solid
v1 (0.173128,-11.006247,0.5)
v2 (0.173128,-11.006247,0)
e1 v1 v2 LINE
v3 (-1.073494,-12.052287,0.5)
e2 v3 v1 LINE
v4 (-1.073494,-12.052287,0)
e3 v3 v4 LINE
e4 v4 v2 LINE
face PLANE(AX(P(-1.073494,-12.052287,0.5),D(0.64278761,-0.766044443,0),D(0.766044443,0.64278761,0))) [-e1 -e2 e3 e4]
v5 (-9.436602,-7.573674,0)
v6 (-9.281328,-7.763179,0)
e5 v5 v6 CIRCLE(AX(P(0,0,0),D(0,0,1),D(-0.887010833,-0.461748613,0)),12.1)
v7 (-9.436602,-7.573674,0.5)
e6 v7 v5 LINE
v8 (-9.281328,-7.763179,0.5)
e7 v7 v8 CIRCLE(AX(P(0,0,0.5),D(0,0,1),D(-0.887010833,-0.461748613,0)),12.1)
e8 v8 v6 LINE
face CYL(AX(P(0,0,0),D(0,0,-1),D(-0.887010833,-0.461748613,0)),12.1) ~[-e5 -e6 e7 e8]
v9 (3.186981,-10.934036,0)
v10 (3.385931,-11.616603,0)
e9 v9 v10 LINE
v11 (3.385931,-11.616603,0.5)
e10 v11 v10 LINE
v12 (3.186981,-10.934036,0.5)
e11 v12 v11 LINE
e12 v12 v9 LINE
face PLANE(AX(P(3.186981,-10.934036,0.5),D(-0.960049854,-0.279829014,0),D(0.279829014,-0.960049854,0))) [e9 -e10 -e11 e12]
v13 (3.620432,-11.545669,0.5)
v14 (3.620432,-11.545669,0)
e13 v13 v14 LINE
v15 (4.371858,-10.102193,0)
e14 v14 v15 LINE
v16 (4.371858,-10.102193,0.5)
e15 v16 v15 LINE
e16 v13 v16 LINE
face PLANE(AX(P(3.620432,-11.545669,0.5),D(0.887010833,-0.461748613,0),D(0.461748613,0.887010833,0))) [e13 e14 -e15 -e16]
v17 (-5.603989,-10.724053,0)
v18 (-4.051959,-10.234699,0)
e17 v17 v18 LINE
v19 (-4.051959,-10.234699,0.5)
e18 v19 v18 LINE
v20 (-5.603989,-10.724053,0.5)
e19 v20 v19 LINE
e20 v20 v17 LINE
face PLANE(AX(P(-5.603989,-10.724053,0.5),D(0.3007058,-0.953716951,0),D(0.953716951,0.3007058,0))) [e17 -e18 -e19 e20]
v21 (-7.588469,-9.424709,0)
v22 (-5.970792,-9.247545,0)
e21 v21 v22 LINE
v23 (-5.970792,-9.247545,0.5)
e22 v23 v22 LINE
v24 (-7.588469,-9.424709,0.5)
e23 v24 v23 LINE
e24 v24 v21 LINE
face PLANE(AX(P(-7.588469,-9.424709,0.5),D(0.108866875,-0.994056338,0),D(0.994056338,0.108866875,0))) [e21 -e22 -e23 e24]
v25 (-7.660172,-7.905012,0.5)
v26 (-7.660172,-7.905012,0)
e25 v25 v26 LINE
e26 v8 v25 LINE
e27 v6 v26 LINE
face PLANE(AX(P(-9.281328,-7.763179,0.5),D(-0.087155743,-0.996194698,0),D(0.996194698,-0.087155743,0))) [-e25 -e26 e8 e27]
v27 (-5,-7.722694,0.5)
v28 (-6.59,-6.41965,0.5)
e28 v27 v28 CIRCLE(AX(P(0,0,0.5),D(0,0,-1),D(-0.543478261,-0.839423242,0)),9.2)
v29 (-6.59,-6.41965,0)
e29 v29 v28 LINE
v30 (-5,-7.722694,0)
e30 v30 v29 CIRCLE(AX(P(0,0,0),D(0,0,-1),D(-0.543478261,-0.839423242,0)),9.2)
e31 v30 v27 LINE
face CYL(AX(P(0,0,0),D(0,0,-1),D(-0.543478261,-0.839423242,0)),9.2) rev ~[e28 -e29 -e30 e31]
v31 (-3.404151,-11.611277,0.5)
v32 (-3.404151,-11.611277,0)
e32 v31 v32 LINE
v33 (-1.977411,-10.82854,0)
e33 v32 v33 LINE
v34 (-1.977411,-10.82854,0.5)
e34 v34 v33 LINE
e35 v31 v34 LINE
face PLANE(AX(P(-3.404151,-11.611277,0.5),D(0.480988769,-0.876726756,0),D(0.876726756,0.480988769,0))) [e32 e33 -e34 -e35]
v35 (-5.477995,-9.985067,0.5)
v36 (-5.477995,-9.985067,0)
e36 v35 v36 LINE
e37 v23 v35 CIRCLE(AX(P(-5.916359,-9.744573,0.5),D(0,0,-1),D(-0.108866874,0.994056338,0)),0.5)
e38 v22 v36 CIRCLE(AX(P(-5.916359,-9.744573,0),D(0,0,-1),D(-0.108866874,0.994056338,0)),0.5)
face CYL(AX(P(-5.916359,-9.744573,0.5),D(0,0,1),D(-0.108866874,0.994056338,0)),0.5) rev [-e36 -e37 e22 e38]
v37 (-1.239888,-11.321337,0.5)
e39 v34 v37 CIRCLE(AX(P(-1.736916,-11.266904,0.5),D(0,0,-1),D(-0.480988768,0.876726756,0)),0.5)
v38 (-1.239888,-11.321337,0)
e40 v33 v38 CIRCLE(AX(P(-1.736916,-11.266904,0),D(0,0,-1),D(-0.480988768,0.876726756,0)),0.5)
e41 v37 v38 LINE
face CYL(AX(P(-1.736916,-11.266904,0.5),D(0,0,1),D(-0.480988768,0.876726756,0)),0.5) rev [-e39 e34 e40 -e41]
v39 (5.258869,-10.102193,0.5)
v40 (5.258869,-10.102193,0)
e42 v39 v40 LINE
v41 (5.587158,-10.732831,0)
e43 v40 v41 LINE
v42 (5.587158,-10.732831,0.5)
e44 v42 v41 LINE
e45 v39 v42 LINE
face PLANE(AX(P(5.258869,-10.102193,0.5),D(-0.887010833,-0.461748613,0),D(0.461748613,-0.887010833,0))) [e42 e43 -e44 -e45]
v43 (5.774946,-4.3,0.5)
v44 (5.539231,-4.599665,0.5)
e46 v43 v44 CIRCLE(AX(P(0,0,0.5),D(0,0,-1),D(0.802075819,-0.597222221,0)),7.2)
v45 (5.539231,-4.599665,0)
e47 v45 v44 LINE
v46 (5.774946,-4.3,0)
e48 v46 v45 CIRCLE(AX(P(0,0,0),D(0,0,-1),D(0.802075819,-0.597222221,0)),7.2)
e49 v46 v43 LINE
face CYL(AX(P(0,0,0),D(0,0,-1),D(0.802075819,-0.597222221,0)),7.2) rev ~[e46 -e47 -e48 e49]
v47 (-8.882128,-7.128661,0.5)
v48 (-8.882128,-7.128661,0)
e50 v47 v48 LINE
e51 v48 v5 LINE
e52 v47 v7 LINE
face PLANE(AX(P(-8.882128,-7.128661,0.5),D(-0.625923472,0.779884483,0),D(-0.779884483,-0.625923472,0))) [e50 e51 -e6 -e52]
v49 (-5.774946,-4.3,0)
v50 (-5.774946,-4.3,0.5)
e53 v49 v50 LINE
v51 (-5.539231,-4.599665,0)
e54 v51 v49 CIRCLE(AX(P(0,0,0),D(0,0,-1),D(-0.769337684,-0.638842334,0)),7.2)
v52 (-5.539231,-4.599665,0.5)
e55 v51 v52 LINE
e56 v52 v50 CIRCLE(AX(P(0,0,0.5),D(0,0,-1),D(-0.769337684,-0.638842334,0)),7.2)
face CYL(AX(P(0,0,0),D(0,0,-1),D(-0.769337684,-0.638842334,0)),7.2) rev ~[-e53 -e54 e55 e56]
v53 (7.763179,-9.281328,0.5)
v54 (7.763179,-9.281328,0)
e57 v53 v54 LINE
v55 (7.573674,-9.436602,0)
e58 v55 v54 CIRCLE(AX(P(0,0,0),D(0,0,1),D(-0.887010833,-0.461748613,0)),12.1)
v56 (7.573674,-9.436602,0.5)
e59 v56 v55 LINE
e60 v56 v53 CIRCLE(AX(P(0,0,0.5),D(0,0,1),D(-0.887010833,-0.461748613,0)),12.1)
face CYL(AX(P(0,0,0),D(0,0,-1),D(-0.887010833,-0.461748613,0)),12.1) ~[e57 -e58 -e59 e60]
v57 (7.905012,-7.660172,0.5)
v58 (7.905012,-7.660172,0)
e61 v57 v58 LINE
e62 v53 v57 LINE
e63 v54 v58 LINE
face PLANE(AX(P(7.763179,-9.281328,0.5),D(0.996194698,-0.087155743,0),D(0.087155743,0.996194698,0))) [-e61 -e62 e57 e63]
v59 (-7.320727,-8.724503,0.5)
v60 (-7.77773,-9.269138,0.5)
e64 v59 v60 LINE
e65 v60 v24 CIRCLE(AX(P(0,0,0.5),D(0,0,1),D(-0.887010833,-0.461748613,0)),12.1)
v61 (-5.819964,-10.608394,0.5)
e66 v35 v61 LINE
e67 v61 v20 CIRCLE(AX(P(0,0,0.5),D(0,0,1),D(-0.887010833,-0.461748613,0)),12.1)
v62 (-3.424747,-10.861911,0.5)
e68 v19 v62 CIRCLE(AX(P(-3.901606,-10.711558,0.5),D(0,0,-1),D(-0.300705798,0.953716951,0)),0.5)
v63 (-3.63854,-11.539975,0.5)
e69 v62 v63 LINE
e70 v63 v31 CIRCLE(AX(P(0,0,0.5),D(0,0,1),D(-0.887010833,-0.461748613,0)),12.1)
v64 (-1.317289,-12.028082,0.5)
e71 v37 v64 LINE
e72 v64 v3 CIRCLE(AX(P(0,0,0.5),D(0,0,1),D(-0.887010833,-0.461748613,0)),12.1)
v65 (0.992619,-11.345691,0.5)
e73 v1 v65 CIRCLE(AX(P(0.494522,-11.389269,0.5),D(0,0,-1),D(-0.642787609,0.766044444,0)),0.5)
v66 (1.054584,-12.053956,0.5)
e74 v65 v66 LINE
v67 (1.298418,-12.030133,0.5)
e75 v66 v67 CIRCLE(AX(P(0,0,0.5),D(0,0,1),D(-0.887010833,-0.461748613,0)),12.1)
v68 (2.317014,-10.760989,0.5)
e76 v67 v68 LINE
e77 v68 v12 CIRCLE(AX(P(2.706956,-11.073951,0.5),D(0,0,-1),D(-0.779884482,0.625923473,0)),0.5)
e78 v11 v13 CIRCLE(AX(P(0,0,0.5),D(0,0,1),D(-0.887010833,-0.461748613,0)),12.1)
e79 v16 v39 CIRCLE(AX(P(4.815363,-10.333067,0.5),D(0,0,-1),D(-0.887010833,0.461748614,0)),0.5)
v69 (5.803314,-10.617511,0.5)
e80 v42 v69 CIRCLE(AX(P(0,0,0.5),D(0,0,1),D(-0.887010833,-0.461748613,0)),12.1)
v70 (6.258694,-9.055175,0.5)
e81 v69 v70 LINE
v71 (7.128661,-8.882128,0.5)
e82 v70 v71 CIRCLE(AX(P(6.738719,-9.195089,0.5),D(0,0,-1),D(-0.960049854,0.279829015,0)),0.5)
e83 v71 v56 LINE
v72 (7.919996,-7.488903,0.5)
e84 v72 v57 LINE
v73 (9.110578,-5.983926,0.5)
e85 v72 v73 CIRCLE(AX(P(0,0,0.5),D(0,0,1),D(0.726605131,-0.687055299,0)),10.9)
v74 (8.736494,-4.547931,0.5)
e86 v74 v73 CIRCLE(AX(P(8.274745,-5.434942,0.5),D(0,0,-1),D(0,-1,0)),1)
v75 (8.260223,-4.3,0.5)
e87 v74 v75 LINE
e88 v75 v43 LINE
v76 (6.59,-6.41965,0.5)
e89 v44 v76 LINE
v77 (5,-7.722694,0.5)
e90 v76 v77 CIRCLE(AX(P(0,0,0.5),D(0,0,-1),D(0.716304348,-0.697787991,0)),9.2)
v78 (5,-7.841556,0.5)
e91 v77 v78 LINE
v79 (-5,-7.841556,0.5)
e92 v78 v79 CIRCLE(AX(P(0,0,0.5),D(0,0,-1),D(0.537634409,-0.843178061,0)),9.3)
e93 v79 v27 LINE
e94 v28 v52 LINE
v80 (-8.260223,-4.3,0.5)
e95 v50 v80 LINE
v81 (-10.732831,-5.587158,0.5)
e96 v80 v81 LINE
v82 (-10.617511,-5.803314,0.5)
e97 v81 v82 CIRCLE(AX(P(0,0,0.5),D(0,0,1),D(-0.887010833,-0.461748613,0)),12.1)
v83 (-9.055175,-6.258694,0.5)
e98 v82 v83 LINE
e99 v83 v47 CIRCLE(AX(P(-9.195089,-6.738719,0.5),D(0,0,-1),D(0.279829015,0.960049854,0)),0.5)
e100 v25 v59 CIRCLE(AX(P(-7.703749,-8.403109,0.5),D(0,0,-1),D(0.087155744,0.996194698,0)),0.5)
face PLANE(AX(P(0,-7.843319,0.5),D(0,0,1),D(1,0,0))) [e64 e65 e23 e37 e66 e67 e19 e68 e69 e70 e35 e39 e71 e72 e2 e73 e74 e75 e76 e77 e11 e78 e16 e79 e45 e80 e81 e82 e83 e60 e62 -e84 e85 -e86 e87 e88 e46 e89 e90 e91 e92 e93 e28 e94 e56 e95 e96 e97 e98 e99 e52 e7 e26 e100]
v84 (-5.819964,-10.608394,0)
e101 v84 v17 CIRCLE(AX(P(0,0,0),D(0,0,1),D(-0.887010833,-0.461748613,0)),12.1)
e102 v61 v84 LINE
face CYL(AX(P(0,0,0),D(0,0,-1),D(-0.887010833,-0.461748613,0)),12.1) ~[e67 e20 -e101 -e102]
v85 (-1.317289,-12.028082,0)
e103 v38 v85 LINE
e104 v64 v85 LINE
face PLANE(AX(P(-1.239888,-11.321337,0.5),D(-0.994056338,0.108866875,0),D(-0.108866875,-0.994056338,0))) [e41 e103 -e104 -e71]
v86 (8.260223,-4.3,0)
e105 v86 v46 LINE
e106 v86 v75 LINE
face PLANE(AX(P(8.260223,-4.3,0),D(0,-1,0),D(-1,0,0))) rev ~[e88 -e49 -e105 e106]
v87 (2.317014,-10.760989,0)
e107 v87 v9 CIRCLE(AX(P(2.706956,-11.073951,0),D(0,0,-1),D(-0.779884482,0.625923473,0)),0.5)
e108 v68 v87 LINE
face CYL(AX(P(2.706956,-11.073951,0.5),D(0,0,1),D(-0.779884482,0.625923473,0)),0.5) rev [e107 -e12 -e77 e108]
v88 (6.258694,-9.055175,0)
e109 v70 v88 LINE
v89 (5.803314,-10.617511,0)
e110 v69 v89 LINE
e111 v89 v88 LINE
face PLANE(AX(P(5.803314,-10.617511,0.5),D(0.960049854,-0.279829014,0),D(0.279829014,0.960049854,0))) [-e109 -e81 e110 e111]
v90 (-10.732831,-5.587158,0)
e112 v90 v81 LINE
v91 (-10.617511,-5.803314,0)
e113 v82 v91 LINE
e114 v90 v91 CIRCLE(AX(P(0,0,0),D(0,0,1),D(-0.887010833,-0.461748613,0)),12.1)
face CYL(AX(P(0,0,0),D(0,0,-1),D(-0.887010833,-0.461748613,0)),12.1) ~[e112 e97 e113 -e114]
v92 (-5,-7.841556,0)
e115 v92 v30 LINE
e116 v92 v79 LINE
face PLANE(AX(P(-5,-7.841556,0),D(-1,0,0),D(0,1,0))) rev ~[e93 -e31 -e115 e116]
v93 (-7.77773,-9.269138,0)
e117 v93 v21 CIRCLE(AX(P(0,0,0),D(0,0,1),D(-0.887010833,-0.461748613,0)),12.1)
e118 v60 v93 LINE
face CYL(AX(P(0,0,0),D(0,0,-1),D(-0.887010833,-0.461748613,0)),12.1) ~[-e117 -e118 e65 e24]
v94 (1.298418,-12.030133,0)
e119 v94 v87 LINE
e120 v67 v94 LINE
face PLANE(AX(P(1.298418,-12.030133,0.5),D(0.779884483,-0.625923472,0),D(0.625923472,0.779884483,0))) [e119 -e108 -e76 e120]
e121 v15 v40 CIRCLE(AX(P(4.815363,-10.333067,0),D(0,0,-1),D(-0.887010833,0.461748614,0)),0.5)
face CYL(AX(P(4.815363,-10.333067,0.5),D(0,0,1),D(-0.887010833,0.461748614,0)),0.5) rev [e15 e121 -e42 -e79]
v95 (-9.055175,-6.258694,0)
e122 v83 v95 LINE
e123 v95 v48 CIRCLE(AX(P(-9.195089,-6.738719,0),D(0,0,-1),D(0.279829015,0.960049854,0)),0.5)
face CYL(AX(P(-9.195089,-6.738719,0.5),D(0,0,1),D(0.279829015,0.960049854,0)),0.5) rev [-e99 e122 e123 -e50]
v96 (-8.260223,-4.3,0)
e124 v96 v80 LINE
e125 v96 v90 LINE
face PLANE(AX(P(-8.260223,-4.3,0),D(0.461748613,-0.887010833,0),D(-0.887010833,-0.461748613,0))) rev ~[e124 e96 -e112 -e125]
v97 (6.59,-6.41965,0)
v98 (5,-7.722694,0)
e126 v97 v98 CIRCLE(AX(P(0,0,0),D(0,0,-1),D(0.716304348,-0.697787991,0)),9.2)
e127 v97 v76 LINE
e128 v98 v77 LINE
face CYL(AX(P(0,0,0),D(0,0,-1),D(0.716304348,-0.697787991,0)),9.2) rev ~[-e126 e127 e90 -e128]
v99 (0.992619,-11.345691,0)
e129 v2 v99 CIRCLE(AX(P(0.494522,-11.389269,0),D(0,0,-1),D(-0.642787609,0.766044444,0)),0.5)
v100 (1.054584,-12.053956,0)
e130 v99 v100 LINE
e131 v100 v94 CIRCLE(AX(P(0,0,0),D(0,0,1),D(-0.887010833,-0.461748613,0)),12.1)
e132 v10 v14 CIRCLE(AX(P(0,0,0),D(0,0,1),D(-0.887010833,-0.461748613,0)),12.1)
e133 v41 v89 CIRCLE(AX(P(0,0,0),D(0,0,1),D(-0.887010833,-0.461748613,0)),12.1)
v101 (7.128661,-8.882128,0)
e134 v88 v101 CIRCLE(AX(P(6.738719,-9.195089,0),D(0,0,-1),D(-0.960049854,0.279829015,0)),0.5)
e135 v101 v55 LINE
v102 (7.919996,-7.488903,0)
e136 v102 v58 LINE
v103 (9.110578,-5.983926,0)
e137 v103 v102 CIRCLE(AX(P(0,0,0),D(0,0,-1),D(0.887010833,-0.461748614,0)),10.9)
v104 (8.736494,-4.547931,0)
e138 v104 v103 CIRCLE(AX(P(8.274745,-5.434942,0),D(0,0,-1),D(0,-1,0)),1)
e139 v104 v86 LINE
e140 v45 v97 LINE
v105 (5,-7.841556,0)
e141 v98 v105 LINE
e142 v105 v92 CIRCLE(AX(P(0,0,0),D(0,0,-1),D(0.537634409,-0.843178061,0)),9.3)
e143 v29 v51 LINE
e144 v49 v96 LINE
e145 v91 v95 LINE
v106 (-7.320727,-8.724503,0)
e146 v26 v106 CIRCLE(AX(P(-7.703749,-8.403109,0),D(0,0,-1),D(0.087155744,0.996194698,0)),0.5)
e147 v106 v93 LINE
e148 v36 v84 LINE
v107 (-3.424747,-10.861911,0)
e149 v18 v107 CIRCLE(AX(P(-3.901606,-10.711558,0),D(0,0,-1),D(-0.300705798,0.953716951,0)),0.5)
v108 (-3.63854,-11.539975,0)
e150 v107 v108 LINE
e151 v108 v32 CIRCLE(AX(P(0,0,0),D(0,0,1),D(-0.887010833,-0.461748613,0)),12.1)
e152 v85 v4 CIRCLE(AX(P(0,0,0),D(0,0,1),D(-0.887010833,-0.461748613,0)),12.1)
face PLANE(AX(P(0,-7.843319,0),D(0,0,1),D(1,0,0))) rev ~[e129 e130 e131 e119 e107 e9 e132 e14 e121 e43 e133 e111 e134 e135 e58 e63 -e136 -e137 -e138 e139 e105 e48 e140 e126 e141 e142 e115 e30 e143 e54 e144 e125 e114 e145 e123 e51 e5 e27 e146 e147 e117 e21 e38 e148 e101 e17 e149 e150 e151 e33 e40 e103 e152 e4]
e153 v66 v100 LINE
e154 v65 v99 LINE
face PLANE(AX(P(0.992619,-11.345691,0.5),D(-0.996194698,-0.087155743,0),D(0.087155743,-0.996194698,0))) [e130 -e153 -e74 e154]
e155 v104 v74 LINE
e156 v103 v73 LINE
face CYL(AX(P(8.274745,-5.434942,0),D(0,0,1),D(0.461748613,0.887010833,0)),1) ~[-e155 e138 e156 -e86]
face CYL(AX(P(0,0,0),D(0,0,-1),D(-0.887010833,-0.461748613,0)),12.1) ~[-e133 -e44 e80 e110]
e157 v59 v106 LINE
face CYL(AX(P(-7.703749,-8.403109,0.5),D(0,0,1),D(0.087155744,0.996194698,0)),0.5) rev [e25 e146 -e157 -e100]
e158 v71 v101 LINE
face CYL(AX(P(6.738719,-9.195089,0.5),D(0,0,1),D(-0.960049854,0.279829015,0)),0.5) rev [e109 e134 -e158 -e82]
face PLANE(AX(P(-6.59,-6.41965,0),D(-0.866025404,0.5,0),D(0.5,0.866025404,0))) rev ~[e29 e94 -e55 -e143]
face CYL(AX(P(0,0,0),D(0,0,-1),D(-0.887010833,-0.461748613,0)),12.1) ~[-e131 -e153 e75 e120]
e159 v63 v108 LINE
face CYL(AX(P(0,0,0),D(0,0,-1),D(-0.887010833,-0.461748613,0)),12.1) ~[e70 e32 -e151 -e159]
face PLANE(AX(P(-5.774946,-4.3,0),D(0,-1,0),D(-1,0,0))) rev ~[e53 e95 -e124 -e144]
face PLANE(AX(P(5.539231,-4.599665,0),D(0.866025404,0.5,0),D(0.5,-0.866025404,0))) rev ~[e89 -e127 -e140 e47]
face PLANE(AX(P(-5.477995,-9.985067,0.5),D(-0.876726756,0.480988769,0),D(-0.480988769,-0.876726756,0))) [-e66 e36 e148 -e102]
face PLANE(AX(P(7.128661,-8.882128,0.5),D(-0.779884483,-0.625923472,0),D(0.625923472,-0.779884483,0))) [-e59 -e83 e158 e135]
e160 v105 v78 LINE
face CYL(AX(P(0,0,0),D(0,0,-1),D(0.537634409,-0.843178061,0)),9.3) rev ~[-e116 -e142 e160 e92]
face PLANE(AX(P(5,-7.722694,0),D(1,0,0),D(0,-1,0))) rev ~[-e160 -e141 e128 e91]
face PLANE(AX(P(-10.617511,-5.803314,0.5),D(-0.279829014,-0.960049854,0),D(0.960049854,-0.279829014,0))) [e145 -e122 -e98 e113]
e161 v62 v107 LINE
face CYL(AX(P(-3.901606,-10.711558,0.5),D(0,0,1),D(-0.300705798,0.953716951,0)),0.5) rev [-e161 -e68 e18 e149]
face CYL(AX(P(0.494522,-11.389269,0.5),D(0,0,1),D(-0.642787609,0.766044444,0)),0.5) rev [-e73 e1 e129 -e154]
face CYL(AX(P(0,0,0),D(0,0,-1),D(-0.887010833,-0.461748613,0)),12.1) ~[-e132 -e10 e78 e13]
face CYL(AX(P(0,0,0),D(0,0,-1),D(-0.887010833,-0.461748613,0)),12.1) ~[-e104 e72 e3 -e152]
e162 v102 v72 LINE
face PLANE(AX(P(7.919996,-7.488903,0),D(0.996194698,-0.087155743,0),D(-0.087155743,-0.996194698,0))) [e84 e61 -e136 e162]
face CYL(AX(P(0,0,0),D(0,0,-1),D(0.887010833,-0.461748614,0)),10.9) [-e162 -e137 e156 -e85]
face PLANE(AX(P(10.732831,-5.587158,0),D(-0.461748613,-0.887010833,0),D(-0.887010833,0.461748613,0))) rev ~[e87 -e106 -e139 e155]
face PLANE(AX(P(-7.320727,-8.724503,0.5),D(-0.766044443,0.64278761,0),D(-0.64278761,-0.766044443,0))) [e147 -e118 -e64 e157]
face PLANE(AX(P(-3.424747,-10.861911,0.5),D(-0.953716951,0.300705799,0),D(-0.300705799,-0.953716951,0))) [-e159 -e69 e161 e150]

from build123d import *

# Parameters (mm, degrees)
BOSS_EXTRUDE1_DEPTH = 0.5
CUT_EXTRUDE1_DEPTH  = 0.5
CIRPATTERN1_COUNT   = 10
CIRPATTERN1_ANGLE   = 101.25
CUT_EXTRUDE3_START  = -0.5
CUT_EXTRUDE3_DEPTH  = 0.5
FILLET3_R           = 1


with BuildPart() as part:
    # Sketch1 → Boss-Extrude1 (new body)
    with BuildSketch(Plane.XY):
        with BuildLine():
            Line((-8.260223146, -4.3), (-10.732831081, -5.58715822))
            ThreePointArc((-10.732831081, -5.58715822), (0, -12.1), (10.732831081, -5.58715822))
            Line((10.732831081, -5.58715822), (8.260223146, -4.3))
            Line((8.260223146, -4.3), (5.774945887, -4.3))
            ThreePointArc((5.774945887, -4.3), (5.659072475, -4.451392897), (5.53923133, -4.5996648))
            Line((5.53923133, -4.5996648), (6.59, -6.419649523))
            ThreePointArc((6.59, -6.419649523), (5.831509763, -7.1157216), (5, -7.722693831))
            Line((5, -7.722693831), (5, -7.841555968))
            ThreePointArc((5, -7.841555968), (0, -9.3), (-5, -7.841555968))
            Line((-5, -7.841555968), (-5, -7.722693831))
            ThreePointArc((-5, -7.722693831), (-5.831509763, -7.1157216), (-6.59, -6.419649523))
            Line((-6.59, -6.419649523), (-5.53923133, -4.5996648))
            ThreePointArc((-5.53923133, -4.5996648), (-5.659072475, -4.451392897), (-5.774945887, -4.3))
            Line((-5.774945887, -4.3), (-8.260223146, -4.3))
        make_face()
    extrude(amount=BOSS_EXTRUDE1_DEPTH)

    # Sketch2 → Cut-Extrude1 (cut)
    with BuildSketch(Plane.XY.offset(0.5)):
        with BuildLine():
            Line((-10.617511084, -5.803314431), (-9.055174855, -6.258693914))
            ThreePointArc((-9.055174855, -6.258693914), (-8.704696722, -6.641173681), (-8.882127626, -7.128661083))
            Line((-8.882127626, -7.128661083), (-9.436602245, -7.573674013))
            ThreePointArc((-9.436602245, -7.573674013), (-10.066052286, -6.714506042), (-10.617511084, -5.803314431))
        make_face()
    cut_extrude1 = extrude(amount=-CUT_EXTRUDE1_DEPTH, mode=Mode.SUBTRACT)

    # CirPattern1: Cut-Extrude1 ×10 about axis
    cirpattern1_axis = Axis((0, 0, 0), (0, 0, 1))
    for i in range(1, CIRPATTERN1_COUNT):
        add(cut_extrude1.rotate(cirpattern1_axis, i * CIRPATTERN1_ANGLE / (CIRPATTERN1_COUNT - 1)), mode=Mode.SUBTRACT)

    # Sketch3 → Cut-Extrude3 (cut)
    with BuildSketch(Plane.XY.offset(0.5).offset(CUT_EXTRUDE3_START)):
        with BuildLine():
            Line((7.919995926, -7.488902759), (7.763179028, -9.281328104))
            ThreePointArc((7.763179028, -9.281328104), (9.430658528, -7.581073784), (10.732831081, -5.58715822))
            Line((10.732831081, -5.58715822), (9.668418082, -5.033059884))
            ThreePointArc((9.668418082, -5.033059884), (8.879519575, -6.321719079), (7.919995926, -7.488902759))
        make_face()
    extrude(amount=CUT_EXTRUDE3_DEPTH, mode=Mode.SUBTRACT)

    # Fillet3
    fillet3_edges = [part.edges().sort_by_distance(p)[0] for p in [
        (9.668418082, -5.033059884, 0.25),
    ]]
    fillet(fillet3_edges, radius=FILLET3_R)


solid = part.part
